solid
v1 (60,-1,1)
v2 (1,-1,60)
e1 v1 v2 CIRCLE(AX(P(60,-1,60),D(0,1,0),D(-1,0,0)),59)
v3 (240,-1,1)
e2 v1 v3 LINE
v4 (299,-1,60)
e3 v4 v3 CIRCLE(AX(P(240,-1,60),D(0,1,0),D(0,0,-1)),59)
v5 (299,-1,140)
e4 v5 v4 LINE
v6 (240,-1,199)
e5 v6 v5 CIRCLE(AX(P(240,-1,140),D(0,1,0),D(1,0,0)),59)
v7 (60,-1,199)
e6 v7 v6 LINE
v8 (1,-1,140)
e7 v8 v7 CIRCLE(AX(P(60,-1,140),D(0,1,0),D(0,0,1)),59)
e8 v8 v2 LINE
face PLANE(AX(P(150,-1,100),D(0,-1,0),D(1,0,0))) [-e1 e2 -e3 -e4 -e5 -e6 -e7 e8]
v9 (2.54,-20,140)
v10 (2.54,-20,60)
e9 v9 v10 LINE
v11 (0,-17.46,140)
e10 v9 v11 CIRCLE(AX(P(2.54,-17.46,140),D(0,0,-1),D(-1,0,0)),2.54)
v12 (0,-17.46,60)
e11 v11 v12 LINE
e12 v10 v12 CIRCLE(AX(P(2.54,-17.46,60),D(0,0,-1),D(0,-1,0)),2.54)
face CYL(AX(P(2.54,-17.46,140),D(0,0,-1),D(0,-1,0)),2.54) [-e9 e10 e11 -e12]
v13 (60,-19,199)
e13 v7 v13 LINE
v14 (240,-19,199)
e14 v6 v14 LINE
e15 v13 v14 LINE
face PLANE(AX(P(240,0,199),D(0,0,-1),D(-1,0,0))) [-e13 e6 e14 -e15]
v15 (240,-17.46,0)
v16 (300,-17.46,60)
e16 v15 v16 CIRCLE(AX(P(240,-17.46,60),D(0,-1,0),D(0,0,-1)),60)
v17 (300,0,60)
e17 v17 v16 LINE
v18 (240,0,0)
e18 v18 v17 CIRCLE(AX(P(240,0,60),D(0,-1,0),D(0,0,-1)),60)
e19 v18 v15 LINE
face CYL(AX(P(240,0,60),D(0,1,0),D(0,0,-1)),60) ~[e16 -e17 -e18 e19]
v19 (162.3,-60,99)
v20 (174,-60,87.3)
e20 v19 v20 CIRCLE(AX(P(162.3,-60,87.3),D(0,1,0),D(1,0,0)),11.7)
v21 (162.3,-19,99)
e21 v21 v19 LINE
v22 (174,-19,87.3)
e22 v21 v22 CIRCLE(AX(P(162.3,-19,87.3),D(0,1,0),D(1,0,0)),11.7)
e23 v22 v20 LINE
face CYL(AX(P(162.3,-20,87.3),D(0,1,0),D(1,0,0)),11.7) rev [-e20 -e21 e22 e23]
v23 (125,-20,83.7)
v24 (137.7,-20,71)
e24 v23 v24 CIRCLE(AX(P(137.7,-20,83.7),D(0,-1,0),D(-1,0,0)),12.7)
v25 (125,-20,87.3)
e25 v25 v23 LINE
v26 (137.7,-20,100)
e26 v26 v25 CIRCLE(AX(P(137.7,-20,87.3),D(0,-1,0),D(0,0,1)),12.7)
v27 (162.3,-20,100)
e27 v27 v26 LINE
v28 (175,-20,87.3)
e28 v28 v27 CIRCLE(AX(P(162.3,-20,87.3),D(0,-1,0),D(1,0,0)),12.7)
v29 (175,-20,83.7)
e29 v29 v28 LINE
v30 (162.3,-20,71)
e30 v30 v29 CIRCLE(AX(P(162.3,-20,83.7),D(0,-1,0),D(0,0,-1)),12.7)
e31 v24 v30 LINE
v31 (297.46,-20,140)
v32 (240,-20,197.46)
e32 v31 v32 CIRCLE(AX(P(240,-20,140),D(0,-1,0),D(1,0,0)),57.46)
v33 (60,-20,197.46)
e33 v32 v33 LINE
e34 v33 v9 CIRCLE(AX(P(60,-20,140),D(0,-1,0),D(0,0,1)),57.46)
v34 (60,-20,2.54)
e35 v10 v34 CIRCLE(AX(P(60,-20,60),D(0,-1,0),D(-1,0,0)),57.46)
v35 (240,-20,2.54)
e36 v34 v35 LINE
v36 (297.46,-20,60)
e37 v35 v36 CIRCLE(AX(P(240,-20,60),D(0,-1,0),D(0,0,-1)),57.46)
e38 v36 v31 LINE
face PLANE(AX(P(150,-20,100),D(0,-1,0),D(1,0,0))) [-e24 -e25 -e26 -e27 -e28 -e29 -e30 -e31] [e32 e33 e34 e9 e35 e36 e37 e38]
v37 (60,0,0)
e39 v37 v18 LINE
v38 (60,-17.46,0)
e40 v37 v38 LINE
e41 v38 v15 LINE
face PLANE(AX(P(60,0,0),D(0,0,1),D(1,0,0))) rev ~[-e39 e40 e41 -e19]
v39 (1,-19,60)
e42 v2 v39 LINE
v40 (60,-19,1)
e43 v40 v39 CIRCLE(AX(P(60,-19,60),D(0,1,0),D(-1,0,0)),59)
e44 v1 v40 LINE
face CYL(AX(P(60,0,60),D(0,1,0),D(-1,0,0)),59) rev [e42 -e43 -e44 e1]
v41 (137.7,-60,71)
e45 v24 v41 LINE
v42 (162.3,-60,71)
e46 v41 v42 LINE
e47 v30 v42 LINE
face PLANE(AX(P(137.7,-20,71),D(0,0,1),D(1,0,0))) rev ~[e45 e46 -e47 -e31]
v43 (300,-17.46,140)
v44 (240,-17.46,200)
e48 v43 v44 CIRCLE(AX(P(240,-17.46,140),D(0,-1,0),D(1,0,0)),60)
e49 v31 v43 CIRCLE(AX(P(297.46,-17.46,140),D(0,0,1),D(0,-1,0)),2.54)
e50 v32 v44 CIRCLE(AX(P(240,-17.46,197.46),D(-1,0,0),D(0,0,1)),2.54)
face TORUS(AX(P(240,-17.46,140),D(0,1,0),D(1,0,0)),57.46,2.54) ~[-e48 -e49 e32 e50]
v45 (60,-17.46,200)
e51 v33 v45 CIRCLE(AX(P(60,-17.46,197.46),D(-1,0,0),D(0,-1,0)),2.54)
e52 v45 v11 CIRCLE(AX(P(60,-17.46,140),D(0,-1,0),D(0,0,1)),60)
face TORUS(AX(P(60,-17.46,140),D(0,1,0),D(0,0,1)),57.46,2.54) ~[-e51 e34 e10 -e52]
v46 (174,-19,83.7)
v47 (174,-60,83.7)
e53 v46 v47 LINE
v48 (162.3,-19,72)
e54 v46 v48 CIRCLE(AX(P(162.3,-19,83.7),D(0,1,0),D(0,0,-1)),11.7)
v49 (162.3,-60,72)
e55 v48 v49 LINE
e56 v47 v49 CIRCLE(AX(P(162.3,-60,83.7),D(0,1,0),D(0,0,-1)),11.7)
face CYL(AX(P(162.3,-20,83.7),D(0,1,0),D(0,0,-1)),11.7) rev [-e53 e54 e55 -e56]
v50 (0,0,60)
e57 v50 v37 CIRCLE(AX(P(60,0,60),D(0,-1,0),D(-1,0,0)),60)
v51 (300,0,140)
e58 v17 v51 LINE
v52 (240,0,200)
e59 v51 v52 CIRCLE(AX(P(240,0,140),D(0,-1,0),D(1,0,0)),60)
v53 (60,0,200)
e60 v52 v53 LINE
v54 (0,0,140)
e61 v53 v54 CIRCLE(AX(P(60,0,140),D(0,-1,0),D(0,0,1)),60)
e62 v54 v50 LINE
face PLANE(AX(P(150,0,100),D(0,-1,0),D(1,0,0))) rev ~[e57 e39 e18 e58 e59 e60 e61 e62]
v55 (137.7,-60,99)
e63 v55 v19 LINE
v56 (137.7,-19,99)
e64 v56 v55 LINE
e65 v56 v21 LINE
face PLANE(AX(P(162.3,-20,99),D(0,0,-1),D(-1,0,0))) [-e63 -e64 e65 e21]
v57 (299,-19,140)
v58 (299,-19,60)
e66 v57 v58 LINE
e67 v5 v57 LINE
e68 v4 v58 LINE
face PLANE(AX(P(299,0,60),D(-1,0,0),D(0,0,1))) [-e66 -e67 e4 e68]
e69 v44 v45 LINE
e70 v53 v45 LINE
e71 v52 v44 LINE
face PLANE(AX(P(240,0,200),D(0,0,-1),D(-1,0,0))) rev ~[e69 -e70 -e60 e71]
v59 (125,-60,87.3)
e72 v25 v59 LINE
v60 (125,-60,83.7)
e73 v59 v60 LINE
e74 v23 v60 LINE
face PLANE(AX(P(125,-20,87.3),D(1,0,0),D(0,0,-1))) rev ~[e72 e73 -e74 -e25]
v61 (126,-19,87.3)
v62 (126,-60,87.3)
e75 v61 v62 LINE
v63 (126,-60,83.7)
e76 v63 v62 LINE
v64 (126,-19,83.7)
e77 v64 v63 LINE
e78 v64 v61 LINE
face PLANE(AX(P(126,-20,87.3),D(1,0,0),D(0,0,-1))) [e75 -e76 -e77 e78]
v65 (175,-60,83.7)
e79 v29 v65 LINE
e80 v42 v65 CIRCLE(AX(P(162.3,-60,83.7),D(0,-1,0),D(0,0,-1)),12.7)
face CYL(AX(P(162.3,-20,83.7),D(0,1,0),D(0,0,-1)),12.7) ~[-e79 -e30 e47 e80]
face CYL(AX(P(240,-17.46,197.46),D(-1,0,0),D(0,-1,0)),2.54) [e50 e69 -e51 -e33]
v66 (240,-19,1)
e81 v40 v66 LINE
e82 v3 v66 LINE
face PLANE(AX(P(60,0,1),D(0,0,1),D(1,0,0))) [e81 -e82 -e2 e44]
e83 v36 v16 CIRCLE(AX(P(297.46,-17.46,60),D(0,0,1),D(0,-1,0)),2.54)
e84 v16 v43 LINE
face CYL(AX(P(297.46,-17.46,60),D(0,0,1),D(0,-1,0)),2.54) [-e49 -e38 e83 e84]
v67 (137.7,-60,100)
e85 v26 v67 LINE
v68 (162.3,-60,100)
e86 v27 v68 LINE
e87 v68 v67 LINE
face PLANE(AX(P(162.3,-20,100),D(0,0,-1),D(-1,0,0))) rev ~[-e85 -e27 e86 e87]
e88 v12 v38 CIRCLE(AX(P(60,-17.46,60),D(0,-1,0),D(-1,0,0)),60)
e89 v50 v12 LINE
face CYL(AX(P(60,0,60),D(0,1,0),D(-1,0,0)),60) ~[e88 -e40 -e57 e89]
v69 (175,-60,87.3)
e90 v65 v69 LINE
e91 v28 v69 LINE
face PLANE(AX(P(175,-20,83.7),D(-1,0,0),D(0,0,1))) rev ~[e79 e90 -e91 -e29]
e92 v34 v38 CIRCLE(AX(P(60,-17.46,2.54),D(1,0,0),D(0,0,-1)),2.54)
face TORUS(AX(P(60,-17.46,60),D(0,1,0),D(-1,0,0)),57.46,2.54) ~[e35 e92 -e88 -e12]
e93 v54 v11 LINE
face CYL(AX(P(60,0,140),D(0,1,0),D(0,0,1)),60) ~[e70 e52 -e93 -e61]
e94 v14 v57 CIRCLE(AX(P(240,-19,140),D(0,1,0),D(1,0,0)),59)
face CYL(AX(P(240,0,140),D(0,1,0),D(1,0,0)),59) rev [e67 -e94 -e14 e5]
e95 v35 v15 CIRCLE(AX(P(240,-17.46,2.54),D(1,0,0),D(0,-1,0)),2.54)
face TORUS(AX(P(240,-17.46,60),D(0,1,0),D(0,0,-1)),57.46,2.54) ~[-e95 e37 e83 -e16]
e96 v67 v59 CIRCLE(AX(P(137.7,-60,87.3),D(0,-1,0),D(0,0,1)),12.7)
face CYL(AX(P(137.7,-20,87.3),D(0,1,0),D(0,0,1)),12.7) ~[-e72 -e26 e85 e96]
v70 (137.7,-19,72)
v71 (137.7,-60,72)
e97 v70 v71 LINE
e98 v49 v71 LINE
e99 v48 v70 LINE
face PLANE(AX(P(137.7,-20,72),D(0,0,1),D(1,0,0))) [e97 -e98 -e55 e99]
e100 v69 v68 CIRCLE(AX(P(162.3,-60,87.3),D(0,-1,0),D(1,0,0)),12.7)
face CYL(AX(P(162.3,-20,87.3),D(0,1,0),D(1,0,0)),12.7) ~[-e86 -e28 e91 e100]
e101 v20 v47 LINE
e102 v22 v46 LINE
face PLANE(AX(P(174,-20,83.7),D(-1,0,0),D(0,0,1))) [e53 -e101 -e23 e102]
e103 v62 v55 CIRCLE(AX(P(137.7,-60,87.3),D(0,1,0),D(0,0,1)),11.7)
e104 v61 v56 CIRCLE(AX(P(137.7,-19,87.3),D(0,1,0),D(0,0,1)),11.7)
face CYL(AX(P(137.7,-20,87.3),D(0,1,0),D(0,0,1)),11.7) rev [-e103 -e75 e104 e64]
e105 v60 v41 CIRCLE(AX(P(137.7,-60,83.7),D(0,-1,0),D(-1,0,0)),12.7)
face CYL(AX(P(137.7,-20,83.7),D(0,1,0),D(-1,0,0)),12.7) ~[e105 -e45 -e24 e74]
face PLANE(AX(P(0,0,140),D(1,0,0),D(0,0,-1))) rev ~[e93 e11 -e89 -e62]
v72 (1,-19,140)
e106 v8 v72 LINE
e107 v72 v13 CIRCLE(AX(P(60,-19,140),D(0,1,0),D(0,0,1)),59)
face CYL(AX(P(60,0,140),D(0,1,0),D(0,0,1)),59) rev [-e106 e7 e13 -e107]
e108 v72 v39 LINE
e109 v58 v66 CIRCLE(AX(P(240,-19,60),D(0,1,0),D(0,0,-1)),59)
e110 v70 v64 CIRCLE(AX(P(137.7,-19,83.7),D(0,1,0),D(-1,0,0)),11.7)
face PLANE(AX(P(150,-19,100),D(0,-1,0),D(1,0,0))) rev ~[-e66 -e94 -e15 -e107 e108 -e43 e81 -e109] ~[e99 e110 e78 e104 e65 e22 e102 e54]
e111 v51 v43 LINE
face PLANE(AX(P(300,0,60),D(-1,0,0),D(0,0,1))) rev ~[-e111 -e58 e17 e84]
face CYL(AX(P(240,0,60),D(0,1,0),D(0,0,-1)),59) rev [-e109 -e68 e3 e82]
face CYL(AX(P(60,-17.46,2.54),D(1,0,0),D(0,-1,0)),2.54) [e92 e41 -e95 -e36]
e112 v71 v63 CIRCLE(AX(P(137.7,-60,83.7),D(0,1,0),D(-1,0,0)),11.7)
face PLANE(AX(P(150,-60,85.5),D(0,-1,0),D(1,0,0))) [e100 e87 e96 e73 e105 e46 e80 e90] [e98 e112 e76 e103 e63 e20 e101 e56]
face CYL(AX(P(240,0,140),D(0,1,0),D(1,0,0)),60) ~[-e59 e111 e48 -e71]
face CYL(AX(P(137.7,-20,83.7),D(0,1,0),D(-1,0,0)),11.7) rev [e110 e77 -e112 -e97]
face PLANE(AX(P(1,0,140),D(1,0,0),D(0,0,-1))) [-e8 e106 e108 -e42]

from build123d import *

# Parameters (mm, degrees)
F1_DEPTH = 20
F3_DEPTH = 40
F4_T     = -1
F5_R     = 2.54


with BuildPart() as f1:
    # F0 (on Front) → F1 (new body)
    with BuildSketch(Plane.XZ):
        with BuildLine():
            ThreePointArc((0, 60), (17.5735931288, 17.5735931288), (60, 0))
            Line((60, 0), (240, 0))
            ThreePointArc((240, 0), (282.4264068712, 17.5735931288), (300, 60))
            Line((300, 60), (300, 140))
            ThreePointArc((300, 140), (282.4264068712, 182.4264068712), (240, 200))
            Line((240, 200), (60, 200))
            ThreePointArc((60, 200), (17.5735931288, 182.4264068712), (0, 140))
            Line((0, 140), (0, 60))
        make_face()
    extrude(amount=F1_DEPTH)

    # F2 (on face) → F3 (join)
    with BuildSketch(Plane.XZ.offset(20)):
        with BuildLine():
            Line((175, 83.7), (175, 85.5))
            Line((175, 85.5), (175, 87.3))
            ThreePointArc((175, 87.3), (171.2802561211, 96.2802561211), (162.3, 100))
            Line((162.3, 100), (150, 100))
            Line((150, 100), (137.7, 100))
            ThreePointArc((137.7, 100), (128.7197438789, 96.2802561211), (125, 87.3))
            Line((125, 87.3), (125, 85.5))
            Line((125, 85.5), (125, 83.7))
            ThreePointArc((125, 83.7), (128.7197438789, 74.7197438789), (137.7, 71))
            Line((137.7, 71), (162.3, 71))
            ThreePointArc((162.3, 71), (171.2802561211, 74.7197438789), (175, 83.7))
        make_face()
    extrude(amount=F3_DEPTH)

    # F4
    f4_openings = [f1.faces().sort_by_distance(p)[0] for p in [
        (150, -60, 85.5),
    ]]
    offset(amount=F4_T, openings=f4_openings, kind=Kind.INTERSECTION)

    # F5
    f5_edges = [f1.edges().sort_by_distance(p)[0] for p in [
        (300, -20, 100),
        (150, -20, 200),
        (0, -20, 100),
        (150, -20, 0),
    ]]
    fillet(f5_edges, radius=F5_R)


solid = f1.part
